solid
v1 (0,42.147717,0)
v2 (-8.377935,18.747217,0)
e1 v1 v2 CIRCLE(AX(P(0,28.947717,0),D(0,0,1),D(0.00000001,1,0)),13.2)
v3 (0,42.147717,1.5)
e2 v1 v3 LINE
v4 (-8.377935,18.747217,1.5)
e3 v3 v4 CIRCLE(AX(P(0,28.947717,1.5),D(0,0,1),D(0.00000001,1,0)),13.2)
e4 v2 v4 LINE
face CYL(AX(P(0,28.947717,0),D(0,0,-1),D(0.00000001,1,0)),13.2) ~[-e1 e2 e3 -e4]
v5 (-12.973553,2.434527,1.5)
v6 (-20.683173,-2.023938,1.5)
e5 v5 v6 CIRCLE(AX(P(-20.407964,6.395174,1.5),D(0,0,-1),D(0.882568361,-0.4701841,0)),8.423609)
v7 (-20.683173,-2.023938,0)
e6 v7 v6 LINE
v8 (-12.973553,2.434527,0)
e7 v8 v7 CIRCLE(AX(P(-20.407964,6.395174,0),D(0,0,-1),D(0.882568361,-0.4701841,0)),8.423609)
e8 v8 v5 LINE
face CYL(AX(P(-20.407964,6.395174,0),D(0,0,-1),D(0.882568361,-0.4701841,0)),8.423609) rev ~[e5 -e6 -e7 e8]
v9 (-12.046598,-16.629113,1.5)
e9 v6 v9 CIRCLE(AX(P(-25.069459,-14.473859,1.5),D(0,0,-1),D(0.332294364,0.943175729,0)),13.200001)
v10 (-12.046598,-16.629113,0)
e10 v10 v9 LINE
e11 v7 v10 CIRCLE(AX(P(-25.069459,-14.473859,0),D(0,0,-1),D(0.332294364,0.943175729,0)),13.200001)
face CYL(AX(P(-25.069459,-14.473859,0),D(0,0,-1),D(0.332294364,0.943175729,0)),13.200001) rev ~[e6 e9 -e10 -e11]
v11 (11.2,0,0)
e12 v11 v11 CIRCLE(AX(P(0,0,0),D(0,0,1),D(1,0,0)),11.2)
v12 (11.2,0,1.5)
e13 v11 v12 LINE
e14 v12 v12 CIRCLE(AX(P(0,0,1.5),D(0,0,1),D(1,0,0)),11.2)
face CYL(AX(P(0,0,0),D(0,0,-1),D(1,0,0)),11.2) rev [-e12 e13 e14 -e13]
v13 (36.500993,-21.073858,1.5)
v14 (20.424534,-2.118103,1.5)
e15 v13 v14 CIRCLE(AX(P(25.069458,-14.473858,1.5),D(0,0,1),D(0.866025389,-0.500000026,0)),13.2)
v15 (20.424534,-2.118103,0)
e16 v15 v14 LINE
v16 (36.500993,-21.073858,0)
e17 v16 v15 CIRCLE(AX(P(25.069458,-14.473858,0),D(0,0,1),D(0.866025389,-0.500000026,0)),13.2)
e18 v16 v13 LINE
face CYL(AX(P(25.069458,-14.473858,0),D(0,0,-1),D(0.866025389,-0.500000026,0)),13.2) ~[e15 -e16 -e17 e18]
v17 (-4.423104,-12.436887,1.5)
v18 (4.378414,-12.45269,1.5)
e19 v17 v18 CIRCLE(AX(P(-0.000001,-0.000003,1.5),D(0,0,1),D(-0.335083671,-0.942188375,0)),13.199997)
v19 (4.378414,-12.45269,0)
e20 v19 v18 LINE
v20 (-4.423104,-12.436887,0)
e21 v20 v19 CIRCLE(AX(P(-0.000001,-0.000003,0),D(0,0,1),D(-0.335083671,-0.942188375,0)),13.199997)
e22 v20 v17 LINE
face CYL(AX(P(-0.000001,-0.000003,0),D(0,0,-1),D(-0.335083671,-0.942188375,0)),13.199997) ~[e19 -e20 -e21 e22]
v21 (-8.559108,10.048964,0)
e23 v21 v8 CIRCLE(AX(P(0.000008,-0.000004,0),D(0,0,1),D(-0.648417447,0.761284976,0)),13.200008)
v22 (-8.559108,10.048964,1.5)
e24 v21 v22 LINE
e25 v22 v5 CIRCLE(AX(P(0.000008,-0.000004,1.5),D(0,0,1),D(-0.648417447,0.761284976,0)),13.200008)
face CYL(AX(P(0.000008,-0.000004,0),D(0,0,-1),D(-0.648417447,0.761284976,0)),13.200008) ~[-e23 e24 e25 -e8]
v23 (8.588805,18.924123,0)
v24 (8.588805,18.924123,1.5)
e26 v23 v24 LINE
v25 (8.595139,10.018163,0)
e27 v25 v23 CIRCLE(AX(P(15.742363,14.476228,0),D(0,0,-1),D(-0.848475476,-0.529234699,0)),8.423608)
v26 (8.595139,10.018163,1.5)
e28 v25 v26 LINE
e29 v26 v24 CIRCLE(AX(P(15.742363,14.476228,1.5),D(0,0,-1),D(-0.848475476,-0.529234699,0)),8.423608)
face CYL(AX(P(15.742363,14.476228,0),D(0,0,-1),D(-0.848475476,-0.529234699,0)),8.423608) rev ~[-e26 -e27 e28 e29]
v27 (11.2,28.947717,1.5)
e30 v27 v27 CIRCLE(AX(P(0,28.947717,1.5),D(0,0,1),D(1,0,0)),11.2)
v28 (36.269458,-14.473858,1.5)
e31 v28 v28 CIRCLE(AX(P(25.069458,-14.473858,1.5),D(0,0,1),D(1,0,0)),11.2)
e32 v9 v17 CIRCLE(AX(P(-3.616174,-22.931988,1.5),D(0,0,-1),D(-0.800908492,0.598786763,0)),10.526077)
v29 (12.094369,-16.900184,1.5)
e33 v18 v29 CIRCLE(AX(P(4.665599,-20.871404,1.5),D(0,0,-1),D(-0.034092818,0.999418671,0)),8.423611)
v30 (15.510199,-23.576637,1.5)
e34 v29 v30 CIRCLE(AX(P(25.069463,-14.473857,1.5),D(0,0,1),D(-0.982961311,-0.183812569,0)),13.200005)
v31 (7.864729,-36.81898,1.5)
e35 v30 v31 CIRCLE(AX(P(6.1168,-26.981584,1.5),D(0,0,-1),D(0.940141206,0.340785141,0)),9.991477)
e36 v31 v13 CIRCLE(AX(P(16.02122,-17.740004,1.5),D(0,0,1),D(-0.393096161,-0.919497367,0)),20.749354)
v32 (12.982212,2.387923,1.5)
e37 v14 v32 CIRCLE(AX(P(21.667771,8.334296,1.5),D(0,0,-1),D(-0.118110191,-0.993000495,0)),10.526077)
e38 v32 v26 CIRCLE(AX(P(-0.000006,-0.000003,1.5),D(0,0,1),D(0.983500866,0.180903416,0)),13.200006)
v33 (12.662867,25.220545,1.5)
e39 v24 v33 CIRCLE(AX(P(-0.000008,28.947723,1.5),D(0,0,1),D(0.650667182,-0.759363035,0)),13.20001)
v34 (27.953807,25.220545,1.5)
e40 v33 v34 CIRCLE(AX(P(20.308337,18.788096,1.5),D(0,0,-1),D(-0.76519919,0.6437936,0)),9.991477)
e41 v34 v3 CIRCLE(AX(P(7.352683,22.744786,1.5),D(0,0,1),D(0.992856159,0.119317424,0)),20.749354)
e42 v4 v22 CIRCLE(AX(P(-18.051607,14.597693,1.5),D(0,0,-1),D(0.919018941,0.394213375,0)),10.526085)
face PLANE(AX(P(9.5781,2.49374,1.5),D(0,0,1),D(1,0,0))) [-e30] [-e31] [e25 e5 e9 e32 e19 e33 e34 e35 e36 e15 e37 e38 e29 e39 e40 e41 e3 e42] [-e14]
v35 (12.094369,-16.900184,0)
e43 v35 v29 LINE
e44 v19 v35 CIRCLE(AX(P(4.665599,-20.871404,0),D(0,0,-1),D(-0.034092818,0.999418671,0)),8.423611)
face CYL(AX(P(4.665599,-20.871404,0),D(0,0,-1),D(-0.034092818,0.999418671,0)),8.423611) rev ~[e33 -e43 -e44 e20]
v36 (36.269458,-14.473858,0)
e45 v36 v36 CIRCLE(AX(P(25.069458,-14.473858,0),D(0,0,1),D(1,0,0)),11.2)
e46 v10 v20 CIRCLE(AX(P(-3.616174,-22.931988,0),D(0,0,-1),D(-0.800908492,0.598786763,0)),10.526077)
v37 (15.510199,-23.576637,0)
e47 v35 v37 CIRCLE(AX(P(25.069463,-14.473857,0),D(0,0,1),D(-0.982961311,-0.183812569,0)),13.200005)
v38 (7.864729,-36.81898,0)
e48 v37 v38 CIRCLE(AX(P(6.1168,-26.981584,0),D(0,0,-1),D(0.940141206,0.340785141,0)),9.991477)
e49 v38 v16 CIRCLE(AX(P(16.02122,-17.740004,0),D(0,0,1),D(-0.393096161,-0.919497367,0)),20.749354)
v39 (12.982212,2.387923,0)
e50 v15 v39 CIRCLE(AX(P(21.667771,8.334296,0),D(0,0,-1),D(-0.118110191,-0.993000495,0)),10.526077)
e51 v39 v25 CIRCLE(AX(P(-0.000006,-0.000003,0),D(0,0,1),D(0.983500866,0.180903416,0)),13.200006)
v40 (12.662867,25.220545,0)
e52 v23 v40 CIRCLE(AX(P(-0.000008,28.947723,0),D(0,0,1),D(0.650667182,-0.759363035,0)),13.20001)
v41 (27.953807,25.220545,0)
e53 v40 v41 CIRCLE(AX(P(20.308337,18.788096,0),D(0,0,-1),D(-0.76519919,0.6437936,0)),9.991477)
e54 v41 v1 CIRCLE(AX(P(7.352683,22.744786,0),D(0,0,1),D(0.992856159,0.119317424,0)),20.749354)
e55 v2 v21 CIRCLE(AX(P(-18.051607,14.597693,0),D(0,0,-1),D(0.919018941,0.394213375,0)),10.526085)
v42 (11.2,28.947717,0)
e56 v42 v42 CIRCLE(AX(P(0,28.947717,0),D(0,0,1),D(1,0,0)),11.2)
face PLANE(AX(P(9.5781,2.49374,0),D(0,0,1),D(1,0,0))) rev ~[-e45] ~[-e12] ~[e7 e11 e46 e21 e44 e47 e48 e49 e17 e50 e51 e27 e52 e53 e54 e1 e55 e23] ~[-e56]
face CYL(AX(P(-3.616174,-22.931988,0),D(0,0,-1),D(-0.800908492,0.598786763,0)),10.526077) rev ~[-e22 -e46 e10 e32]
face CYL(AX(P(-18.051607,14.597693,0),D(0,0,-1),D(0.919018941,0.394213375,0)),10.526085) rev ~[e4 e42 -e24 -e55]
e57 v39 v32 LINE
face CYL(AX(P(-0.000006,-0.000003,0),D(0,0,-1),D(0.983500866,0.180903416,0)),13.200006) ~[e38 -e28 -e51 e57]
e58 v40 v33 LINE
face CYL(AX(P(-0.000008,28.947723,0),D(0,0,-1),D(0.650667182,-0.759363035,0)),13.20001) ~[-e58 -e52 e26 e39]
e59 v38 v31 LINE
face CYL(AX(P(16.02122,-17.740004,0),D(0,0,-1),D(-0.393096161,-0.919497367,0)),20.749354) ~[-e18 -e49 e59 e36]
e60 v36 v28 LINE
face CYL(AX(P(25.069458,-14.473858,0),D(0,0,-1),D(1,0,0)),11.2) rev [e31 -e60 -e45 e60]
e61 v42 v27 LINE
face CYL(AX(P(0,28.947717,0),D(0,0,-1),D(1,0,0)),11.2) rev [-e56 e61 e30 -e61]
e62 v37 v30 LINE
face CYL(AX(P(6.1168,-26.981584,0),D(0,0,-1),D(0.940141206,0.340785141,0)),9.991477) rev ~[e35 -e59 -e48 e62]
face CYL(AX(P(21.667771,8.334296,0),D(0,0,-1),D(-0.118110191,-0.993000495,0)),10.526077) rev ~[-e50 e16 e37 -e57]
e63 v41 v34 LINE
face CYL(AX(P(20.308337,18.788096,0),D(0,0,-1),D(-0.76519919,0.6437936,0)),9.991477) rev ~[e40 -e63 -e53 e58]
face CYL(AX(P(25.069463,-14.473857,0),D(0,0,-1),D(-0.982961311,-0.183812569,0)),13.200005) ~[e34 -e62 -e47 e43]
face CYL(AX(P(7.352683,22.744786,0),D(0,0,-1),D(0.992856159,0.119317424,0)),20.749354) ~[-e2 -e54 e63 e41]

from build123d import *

# Parameters (mm, degrees)
F0_R     = 11.2
F1_DEPTH = 1.5


with BuildPart() as f1:
    # F0 (on Top) → F1 (new body)
    with BuildSketch(Plane.XY):
        with BuildLine():
            ThreePointArc((-8.377935, 18.747217), (-7.527804, 14.378497), (-8.559108, 10.048964))
            ThreePointArc((-8.559108, 10.048964), (-11.419666, 6.620515), (-12.973553, 2.434527))
            ThreePointArc((-12.973553, 2.434527), (-16.190972, -0.896888), (-20.683173, -2.023938))
            ThreePointArc((-20.683173, -2.023938), (-13.707356, -7.755031), (-12.046598, -16.629113))
            ThreePointArc((-12.046598, -16.629113), (-8.688241, -13.708517), (-4.423104, -12.436887))
            ThreePointArc((-4.423104, -12.436887), (-0.023701, -13.199979), (4.378414, -12.45269))
            ThreePointArc((4.378414, -12.45269), (8.872214, -13.573349), (12.094369, -16.900184))
            ThreePointArc((12.094369, -16.900184), (13.318162, -20.486099), (15.510199, -23.576637))
            ThreePointArc((15.510199, -23.576637), (14.769673, -31.977322), (7.864729, -36.81898))
            ThreePointArc((7.864729, -36.81898), (26.018371, -35.922211), (36.500993, -21.073858))
            ThreePointArc((36.500993, -21.073858), (35.136468, -5.935983), (20.424534, -2.118103))
            ThreePointArc((20.424534, -2.118103), (16.216045, -0.669979), (12.982212, 2.387923))
            ThreePointArc((12.982212, 2.387923), (11.443367, 6.579464), (8.595139, 10.018163))
            ThreePointArc((8.595139, 10.018163), (7.318758, 14.470237), (8.588805, 18.924123))
            ThreePointArc((8.588805, 18.924123), (11.082401, 21.776916), (12.662867, 25.220545))
            ThreePointArc((12.662867, 25.220545), (20.308337, 28.779573), (27.953807, 25.220545))
            ThreePointArc((27.953807, 25.220545), (18.100361, 40.493676), (0, 42.147717))
            ThreePointArc((0, 42.147717), (-12.427522, 33.397065), (-8.377935, 18.747217))
        make_face()
        Circle(F0_R, mode=Mode.SUBTRACT)
        with Locations((25.069458, -14.473858)):
            Circle(F0_R, mode=Mode.SUBTRACT)
        with Locations((0, 28.947717)):
            Circle(F0_R, mode=Mode.SUBTRACT)
    extrude(amount=F1_DEPTH)


solid = f1.part
